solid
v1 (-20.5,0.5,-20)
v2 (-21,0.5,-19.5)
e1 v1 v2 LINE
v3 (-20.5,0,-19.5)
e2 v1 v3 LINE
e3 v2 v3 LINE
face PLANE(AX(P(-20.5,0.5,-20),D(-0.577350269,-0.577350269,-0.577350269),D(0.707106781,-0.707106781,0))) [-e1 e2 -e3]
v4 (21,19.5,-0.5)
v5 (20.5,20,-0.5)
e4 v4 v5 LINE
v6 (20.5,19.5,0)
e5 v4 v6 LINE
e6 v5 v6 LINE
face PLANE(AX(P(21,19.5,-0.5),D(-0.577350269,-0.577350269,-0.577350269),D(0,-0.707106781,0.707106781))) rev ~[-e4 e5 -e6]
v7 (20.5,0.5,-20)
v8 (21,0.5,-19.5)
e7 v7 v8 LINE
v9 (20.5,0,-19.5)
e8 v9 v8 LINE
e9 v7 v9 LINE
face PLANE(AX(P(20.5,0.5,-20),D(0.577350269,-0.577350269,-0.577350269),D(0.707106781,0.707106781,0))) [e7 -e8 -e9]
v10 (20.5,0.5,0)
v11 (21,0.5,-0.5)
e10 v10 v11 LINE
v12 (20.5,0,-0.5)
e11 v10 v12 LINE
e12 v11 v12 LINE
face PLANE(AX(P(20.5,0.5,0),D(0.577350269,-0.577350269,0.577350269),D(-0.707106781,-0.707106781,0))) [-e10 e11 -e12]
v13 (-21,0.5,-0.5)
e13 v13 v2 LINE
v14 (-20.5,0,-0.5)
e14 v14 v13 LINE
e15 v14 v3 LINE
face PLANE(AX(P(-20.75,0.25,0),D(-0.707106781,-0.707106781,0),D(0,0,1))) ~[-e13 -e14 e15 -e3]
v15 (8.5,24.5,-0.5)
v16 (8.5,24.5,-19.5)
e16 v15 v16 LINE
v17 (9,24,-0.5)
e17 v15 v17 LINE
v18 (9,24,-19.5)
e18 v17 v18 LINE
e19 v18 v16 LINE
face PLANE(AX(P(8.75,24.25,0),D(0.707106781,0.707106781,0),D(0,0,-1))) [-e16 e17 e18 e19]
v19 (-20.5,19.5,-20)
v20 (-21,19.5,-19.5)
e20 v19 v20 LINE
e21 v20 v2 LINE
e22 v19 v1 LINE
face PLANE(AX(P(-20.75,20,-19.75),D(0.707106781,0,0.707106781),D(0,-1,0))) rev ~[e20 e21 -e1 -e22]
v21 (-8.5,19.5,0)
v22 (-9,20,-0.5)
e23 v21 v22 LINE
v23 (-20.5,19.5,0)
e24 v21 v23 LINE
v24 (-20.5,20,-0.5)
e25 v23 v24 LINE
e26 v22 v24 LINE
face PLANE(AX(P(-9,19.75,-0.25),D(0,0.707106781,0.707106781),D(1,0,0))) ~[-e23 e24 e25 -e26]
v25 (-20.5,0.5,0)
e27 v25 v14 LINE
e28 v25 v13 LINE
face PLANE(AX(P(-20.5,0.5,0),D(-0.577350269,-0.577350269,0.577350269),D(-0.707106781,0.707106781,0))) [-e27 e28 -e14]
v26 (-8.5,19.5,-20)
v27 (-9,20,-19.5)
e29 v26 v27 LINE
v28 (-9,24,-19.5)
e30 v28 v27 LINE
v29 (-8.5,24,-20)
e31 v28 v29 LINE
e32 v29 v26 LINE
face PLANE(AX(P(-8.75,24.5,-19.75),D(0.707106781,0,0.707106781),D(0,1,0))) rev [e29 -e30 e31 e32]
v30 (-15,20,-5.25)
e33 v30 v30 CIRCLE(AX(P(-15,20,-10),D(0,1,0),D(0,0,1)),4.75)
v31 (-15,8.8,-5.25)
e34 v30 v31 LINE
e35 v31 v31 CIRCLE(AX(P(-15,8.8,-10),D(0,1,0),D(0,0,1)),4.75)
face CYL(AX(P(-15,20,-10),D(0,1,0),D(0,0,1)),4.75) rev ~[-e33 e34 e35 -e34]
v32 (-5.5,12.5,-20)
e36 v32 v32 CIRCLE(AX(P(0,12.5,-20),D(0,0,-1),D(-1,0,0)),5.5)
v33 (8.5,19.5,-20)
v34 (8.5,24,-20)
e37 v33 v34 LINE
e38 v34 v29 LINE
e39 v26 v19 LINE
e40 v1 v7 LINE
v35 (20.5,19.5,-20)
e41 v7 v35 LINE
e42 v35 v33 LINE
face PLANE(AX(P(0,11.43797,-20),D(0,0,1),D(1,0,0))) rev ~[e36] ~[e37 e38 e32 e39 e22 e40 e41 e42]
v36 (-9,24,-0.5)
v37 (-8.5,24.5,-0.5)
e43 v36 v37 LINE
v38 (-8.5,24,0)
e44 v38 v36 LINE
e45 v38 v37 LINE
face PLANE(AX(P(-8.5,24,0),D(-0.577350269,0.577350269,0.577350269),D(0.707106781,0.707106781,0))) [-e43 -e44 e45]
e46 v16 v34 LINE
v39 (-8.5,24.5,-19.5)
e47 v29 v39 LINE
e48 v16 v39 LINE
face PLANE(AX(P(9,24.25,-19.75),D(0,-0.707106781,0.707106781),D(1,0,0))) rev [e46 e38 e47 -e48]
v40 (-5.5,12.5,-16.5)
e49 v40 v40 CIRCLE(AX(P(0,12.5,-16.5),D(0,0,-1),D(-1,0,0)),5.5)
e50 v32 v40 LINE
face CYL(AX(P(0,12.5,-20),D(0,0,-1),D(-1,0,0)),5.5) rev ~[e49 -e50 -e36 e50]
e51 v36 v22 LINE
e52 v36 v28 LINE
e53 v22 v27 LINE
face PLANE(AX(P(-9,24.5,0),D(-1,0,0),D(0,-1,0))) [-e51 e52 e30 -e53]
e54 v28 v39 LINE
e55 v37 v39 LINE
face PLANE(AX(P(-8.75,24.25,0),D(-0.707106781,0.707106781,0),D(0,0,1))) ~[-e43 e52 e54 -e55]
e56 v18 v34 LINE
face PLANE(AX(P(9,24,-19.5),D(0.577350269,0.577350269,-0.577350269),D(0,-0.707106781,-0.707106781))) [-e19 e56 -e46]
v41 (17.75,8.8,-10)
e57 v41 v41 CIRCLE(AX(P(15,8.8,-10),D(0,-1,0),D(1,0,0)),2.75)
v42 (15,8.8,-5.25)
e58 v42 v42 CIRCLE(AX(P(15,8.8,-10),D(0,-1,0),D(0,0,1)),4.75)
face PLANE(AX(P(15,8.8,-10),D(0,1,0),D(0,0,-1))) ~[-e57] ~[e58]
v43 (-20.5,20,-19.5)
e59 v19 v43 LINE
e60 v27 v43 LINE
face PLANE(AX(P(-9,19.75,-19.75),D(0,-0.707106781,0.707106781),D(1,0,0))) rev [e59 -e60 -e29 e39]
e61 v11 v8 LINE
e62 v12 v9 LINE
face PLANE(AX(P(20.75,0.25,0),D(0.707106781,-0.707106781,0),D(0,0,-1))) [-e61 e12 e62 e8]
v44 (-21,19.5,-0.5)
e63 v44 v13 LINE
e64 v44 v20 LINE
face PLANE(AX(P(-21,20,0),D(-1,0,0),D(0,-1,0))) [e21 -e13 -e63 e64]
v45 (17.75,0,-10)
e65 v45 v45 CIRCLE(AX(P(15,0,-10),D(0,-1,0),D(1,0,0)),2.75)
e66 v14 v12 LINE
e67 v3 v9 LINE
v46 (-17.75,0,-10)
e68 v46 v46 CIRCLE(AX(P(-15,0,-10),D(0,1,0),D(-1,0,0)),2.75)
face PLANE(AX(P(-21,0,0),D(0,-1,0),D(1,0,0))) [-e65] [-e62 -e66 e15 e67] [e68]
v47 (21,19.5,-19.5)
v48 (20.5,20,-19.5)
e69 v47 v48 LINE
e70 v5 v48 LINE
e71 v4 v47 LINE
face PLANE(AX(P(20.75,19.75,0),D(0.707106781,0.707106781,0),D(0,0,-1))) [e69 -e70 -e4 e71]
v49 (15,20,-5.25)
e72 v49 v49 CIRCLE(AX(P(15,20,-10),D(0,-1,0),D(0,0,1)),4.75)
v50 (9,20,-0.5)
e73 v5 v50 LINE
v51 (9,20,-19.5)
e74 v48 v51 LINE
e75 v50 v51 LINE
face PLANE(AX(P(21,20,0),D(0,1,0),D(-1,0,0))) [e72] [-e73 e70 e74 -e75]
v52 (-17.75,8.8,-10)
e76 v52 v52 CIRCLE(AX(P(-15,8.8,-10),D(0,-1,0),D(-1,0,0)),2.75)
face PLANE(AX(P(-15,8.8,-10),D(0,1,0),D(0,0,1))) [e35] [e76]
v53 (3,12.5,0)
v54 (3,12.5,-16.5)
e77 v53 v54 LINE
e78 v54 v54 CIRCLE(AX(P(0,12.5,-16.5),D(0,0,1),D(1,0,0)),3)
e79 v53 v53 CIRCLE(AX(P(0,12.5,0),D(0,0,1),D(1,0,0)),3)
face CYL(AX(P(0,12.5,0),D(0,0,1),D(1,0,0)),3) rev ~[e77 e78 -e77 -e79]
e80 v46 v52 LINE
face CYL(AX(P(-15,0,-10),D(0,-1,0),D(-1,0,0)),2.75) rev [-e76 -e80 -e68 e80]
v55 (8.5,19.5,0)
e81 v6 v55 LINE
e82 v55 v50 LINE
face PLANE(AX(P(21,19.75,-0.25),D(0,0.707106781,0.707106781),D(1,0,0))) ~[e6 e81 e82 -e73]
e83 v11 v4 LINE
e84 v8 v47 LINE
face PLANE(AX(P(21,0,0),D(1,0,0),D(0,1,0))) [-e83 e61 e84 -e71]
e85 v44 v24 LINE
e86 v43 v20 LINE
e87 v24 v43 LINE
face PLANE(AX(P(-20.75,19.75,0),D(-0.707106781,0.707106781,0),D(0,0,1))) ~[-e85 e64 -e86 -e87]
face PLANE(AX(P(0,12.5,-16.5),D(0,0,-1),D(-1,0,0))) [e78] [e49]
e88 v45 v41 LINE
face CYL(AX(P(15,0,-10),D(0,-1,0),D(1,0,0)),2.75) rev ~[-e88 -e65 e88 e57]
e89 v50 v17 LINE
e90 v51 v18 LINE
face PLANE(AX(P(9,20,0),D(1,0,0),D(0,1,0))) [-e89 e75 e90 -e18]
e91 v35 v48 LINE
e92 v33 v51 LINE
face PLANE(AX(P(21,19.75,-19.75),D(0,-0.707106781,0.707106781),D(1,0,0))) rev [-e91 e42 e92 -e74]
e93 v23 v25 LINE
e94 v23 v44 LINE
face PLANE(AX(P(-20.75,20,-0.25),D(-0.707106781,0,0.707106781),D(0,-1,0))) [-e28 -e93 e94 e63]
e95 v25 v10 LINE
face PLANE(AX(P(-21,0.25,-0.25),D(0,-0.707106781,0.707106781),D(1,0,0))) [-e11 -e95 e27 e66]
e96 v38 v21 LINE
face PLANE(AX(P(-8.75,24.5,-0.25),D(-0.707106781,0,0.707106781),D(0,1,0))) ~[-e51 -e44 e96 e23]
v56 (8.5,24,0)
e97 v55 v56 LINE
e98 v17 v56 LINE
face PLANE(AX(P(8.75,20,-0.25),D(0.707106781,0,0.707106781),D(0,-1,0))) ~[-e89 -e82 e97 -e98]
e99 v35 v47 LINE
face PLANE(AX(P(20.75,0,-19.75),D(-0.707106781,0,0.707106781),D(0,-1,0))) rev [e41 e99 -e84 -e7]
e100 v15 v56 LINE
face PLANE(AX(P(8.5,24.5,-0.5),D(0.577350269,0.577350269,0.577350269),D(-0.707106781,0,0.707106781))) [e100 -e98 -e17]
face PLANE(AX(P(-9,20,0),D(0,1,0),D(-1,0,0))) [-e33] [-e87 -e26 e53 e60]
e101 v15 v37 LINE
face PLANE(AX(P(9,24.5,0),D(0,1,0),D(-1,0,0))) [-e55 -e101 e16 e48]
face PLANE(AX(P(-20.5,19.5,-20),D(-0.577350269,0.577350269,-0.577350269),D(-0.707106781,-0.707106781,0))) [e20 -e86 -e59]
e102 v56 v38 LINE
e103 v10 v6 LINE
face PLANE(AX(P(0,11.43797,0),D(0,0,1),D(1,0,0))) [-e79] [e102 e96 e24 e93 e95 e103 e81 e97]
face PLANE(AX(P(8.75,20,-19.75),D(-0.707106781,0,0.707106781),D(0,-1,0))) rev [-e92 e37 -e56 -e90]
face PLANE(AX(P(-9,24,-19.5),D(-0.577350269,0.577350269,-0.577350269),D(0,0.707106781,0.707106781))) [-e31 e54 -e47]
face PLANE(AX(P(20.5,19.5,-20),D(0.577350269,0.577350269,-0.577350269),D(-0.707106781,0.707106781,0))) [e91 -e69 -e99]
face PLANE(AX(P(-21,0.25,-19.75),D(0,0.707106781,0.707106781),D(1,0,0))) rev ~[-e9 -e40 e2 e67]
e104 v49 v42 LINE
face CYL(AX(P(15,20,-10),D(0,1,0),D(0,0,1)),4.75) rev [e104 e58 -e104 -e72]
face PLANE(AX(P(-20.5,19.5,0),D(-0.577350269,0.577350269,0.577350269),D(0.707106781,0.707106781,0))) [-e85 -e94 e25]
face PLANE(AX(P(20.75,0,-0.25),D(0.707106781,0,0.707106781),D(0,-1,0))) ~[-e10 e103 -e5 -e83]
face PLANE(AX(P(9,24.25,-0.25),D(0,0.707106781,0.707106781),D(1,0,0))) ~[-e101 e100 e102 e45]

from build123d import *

# Parameters (mm, degrees)
BOSS_EXTRUDE1_DEPTH = 20
CUT_EXTRUDE2_REACH  = 39.964
SKETCH4_R           = 2.75
SKETCH2_R           = 4.75
CUT_EXTRUDE3_DEPTH  = 11.2
CUT_EXTRUDE4_REACH  = 39.964
SKETCH5_R           = 3
SKETCH6_R           = 5.5
CUT_EXTRUDE5_DEPTH  = 3.5
CHAMFER1_SIZE       = 0.5


with BuildPart() as part:
    # Sketch1 → Boss-Extrude1 (new body)
    with BuildSketch(Plane.XY):
        Polygon((-21, 0), (21, 0), (21, 20), (9, 20), (9, 24.5), (-9, 24.5), (-9, 20), (-21, 20), align=None)
    extrude(amount=-BOSS_EXTRUDE1_DEPTH)

    # Sketch4 → Cut-Extrude2 (cut, up to next)
    with BuildSketch(Plane(origin=(0, 0, 0), x_dir=(1, 0, 0), z_dir=(0, 1, 0)), mode=Mode.PRIVATE) as cut_extrude2_sk1:
        with Locations(Location((-15, 10, 0), (0, 0, 180))):
            Circle(SKETCH4_R)
    cut_extrude2_tool1 = extrude(cut_extrude2_sk1.sketch, amount=CUT_EXTRUDE2_REACH, mode=Mode.PRIVATE) & part.part
    cut_extrude2 = cut_extrude2_tool1.solids().sort_by_distance((-15, 0, -10))[0]
    add(cut_extrude2, mode=Mode.SUBTRACT)

    # Sketch2 → Cut-Extrude3 (cut)
    with BuildSketch(Plane(origin=(0, 20, 0), x_dir=(1, 0, 0), z_dir=(0, 1, 0))):
        with Locations(Location((-15, 10, 0), (0, 0, 270))):
            Circle(SKETCH2_R)
    cut_extrude3 = extrude(amount=-CUT_EXTRUDE3_DEPTH, mode=Mode.SUBTRACT)

    # Mirror1: Cut-Extrude2, Cut-Extrude3 across plane
    add(cut_extrude2.mirror(Plane(origin=(0, 0, 0), x_dir=(0, 0, 1), z_dir=(1, 0, 0))), mode=Mode.SUBTRACT)
    add(cut_extrude3.mirror(Plane(origin=(0, 0, 0), x_dir=(0, 0, 1), z_dir=(1, 0, 0))), mode=Mode.SUBTRACT)

    # Sketch5 → Cut-Extrude4 (cut, up to next)
    with BuildSketch(Plane.XY, mode=Mode.PRIVATE) as cut_extrude4_sk1:
        with Locations((0, 12.5)):
            Circle(SKETCH5_R)
    cut_extrude4_tool1 = extrude(cut_extrude4_sk1.sketch, amount=-CUT_EXTRUDE4_REACH, mode=Mode.PRIVATE) & part.part
    add(cut_extrude4_tool1.solids().sort_by_distance((0, 12.5, 0))[0], mode=Mode.SUBTRACT)

    # Sketch6 → Cut-Extrude5 (cut)
    with BuildSketch(Plane(origin=(0, 0, -20), x_dir=(-1, 0, 0), z_dir=(0, 0, -1))):
        with Locations((0, 12.5)):
            Circle(SKETCH6_R)
    extrude(amount=-CUT_EXTRUDE5_DEPTH, mode=Mode.SUBTRACT)

    # Chamfer1
    chamfer1_edges = [part.edges().sort_by_distance(p)[0] for p in [
        (0, 24.5, -20),
        (9, 22.25, 0),
        (15, 20, 0),
        (-9, 22.25, -20),
        (21, 20, -10),
        (21, 0, -10),
        (-21, 0, -10),
        (-21, 20, -10),
        (-9, 24.5, -10),
        (9, 24.5, -10),
        (-15, 20, -20),
        (-21, 10, -20),
        (0, 0, -20),
        (21, 10, -20),
        (15, 20, -20),
        (9, 22.25, -20),
        (21, 10, 0),
        (0, 0, 0),
        (-21, 10, 0),
        (-15, 20, 0),
        (-9, 22.25, 0),
        (0, 24.5, 0),
    ]]
    chamfer(chamfer1_edges, length=CHAMFER1_SIZE)


solid = part.part
